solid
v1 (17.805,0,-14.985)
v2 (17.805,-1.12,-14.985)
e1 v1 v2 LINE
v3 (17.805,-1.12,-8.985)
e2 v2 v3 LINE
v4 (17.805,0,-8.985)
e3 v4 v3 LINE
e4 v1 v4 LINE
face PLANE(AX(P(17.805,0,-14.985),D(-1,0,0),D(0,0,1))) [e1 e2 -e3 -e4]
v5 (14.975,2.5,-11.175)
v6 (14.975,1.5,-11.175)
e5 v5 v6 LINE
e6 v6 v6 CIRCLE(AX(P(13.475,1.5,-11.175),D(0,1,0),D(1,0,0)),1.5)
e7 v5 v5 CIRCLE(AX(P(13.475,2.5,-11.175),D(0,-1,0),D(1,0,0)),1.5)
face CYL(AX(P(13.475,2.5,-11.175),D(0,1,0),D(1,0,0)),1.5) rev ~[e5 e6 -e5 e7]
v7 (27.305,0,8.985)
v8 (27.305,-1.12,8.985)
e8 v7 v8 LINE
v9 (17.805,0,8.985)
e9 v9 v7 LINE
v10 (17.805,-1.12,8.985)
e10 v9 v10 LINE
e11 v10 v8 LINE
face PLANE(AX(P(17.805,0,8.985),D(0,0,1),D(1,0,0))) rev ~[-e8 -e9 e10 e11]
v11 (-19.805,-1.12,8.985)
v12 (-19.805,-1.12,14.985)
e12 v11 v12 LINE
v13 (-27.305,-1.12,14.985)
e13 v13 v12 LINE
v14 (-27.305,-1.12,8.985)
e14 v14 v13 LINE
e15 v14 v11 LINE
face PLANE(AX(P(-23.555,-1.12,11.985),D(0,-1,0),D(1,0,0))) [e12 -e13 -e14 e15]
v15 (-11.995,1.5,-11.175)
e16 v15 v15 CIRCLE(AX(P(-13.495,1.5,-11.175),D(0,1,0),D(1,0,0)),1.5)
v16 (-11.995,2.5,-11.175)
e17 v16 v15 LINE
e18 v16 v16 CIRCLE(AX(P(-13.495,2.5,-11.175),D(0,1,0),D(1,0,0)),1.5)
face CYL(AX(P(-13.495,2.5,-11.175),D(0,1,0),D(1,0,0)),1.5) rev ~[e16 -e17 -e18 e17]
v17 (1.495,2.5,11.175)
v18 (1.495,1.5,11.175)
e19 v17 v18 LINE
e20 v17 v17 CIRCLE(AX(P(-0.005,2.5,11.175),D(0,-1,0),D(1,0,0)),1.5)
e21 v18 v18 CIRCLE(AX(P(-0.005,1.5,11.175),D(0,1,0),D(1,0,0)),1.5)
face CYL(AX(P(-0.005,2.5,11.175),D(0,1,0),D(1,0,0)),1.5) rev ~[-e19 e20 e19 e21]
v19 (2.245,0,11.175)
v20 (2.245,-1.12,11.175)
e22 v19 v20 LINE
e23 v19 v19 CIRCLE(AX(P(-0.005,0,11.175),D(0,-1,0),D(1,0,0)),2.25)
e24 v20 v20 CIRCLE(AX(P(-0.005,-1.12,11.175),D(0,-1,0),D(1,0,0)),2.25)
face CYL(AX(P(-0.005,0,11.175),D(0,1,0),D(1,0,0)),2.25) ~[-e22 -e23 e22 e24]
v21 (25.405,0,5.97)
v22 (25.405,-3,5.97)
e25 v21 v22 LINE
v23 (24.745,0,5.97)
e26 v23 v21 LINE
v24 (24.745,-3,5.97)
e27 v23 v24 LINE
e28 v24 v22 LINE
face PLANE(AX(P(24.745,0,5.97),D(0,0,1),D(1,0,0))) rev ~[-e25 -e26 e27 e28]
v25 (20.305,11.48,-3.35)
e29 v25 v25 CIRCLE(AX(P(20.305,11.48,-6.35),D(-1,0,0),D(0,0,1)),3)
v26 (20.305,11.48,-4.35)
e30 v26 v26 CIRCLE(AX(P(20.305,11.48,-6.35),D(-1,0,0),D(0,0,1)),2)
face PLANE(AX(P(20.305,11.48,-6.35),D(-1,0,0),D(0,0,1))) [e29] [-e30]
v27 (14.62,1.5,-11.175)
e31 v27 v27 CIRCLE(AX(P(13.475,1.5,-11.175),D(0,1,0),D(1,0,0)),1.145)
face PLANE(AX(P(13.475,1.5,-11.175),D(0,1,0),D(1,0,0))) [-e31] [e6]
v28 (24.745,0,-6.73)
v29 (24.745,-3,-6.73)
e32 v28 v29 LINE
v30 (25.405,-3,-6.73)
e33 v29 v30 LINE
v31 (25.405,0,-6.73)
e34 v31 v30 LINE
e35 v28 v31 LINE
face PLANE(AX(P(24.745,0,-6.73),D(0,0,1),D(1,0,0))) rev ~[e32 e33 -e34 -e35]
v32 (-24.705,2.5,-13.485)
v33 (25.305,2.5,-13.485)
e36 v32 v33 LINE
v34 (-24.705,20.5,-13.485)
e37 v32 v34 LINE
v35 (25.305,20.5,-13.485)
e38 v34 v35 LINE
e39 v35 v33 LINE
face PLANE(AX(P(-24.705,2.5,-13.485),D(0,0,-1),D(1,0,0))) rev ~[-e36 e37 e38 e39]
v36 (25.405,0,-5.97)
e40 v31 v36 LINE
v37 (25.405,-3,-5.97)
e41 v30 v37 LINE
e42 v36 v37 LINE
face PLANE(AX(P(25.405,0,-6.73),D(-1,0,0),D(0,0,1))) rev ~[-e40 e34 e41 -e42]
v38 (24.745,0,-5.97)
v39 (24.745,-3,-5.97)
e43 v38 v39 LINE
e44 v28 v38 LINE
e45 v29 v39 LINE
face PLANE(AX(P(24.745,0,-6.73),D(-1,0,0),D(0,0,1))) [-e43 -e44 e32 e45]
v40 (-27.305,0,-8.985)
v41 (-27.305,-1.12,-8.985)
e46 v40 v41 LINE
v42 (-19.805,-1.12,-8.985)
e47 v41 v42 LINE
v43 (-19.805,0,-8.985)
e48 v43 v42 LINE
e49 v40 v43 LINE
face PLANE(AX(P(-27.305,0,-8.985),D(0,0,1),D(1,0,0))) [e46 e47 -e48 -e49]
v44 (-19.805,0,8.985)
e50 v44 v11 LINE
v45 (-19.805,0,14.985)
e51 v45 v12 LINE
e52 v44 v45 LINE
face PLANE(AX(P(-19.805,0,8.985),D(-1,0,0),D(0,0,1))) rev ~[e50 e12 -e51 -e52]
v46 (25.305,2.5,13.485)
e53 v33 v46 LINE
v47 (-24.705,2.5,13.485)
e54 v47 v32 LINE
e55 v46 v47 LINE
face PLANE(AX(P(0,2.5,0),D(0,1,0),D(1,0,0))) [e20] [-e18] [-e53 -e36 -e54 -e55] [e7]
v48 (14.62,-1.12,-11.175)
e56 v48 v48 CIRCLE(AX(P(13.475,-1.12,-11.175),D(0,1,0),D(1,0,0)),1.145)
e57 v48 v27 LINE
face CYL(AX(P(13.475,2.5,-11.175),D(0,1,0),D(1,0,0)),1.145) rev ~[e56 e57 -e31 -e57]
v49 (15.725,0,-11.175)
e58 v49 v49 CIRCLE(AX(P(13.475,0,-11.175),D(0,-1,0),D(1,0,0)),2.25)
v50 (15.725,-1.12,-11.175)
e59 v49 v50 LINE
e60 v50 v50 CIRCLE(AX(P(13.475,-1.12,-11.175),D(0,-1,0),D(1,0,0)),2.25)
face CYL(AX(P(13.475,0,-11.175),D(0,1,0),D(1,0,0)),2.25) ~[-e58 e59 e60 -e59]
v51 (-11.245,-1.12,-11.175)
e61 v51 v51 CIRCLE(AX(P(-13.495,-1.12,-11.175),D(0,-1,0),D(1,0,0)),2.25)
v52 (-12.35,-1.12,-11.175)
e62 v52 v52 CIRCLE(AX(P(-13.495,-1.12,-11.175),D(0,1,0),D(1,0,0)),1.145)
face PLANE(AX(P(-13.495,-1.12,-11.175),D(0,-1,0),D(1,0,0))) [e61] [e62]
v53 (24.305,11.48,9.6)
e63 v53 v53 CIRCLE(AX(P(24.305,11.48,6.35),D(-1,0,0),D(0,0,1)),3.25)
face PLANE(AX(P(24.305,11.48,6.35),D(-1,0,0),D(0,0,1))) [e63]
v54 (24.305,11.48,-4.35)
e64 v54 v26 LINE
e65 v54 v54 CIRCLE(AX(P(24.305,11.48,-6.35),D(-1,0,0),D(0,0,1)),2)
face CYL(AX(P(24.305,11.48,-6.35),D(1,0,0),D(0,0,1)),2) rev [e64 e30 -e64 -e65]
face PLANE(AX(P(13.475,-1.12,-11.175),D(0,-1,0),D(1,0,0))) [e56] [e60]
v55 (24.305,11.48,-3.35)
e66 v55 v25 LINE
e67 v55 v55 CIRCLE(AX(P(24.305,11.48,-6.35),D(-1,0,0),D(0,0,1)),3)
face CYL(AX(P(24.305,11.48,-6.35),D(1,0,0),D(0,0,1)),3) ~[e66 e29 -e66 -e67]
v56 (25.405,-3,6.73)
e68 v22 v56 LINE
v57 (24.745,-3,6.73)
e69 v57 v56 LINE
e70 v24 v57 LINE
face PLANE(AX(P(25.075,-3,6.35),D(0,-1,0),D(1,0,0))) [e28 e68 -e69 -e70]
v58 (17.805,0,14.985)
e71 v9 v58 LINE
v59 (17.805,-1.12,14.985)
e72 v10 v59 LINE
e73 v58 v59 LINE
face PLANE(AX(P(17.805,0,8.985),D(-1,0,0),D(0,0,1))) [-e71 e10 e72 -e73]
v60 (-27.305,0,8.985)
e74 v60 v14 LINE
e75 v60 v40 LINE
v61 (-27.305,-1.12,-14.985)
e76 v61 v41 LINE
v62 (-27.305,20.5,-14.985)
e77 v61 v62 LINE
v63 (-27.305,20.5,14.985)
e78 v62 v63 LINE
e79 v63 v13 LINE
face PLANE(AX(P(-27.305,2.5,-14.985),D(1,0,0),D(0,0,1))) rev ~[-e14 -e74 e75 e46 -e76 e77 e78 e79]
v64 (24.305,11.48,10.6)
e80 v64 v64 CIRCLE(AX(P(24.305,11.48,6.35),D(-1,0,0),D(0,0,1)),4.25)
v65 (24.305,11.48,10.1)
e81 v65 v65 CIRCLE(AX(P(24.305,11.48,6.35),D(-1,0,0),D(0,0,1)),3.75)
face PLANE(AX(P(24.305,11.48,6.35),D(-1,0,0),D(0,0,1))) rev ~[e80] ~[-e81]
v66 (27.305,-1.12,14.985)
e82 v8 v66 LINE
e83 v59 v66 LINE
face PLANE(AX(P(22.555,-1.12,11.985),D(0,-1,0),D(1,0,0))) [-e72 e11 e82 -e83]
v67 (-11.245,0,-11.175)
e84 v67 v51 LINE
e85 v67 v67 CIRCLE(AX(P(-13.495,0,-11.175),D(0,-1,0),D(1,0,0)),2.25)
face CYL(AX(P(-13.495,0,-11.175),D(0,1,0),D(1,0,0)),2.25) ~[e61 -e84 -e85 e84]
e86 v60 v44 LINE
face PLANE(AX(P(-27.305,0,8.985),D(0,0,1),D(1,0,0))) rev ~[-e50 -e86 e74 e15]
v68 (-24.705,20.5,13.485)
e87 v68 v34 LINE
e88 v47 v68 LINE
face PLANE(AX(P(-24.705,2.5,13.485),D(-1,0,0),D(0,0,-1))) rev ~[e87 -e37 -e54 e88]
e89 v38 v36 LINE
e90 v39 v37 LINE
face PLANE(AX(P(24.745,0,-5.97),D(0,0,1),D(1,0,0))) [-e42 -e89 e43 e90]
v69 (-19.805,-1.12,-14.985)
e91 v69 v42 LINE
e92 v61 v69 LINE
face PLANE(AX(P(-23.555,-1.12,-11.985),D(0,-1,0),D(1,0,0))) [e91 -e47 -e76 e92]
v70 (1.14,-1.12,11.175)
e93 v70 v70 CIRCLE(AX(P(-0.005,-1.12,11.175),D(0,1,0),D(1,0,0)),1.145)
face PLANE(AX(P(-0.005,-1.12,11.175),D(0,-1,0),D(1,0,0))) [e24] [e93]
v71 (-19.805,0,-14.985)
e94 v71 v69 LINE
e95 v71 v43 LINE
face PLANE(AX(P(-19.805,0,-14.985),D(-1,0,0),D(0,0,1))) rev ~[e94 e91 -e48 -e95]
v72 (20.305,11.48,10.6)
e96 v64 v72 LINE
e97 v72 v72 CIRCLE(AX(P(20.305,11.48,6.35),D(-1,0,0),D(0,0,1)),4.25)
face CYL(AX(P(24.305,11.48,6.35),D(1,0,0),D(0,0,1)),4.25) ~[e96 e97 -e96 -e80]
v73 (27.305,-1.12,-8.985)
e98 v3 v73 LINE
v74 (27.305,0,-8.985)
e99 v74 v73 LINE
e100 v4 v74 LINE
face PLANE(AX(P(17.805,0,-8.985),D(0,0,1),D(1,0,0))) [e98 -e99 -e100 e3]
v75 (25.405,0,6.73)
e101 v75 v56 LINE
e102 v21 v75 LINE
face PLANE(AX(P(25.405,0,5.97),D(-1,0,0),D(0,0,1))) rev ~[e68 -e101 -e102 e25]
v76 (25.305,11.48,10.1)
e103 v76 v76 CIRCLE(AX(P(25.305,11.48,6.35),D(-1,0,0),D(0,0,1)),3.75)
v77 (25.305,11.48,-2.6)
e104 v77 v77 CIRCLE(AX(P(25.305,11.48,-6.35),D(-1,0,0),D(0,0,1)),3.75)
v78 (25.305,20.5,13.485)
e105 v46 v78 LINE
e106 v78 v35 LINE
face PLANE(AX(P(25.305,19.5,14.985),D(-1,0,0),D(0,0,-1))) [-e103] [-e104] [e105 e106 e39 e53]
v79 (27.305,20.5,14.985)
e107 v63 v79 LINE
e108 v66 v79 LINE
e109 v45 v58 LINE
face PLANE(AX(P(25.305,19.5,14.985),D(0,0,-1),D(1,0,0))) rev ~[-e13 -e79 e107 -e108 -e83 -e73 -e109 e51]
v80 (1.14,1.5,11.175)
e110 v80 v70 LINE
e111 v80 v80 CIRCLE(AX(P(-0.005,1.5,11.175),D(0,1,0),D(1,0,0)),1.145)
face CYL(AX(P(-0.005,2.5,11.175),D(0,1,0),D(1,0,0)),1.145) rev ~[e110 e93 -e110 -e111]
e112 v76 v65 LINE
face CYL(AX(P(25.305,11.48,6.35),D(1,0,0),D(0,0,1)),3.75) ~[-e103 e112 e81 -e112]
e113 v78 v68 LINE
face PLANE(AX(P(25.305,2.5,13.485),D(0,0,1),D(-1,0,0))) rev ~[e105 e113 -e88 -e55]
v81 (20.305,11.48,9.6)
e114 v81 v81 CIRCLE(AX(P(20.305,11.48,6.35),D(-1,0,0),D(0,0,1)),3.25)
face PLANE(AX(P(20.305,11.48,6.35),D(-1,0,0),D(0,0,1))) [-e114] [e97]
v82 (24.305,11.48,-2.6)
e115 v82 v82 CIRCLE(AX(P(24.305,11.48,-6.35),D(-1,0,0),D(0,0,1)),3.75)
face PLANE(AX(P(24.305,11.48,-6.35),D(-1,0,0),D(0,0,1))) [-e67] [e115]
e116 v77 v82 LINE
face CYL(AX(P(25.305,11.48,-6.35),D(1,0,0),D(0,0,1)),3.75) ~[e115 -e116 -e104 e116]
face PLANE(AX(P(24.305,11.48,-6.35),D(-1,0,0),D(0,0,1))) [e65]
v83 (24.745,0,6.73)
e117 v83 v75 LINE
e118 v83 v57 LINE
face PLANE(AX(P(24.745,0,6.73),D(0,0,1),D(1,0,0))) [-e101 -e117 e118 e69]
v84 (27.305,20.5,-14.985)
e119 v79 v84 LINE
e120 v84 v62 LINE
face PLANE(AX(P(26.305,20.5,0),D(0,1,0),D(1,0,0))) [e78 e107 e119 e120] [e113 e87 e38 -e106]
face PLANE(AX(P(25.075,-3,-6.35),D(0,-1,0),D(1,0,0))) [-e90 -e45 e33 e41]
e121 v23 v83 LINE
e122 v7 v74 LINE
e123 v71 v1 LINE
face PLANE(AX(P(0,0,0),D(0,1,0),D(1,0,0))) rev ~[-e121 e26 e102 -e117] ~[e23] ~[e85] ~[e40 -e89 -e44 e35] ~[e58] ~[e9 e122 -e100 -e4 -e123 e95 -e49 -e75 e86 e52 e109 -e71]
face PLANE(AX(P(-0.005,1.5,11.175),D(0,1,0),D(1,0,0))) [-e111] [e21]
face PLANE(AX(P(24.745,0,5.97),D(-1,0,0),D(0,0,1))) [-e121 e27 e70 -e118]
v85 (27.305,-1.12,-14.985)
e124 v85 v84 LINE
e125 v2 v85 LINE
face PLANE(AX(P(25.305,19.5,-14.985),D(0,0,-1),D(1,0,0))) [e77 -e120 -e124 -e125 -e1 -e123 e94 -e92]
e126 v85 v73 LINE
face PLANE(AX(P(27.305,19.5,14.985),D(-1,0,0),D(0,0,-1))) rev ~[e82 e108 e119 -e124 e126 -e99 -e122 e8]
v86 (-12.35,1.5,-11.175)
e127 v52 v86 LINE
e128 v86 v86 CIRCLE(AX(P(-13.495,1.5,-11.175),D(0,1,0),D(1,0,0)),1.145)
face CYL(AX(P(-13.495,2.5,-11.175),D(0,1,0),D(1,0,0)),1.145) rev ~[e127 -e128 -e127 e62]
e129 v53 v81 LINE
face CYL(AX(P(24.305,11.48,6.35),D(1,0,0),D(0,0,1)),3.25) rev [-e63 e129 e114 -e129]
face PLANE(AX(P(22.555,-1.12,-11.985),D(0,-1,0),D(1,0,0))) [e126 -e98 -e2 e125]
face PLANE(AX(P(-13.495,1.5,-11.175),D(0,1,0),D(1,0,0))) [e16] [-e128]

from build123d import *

# Parameters (mm, degrees)
SKETCH_1_W          = 54.61
SKETCH_1_H          = 29.97
EXTRUDE_1_DEPTH     = 2.5
EXTRUDE_2_DEPTH     = 17
CUT_EXTRUDE_1_DEPTH = 30.97
SKETCH_4_R          = 1.145
CUT_EXTRUDE_2_DEPTH = 3.5
SKETCH_5_R          = 2.25
SKETCH_5_W          = 7.5
SKETCH_5_H          = 6
SKETCH_5_W_2        = 9.5
EXTRUDE_3_DEPTH     = 1.12
SKETCH_6_R          = 1.145
CUT_EXTRUDE_3_DEPTH = 4.62
SKETCH_7_R          = 1.5
CUT_EXTRUDE_4_DEPTH = 1
SKETCH_9_W          = 0.66
SKETCH_9_H          = 0.76
EXTRUDE_5_DEPTH     = 3
SKETCH_10_R         = 3.75
EXTRUDE_6_DEPTH     = 1
SKETCH_11_R         = 3
SKETCH_11_R_2       = 2
EXTRUDE_7_DEPTH     = 4
SKETCH_12_R         = 4.25
SKETCH_12_R_2       = 3.25
EXTRUDE_8_DEPTH     = 4
SKETCH5_W           = 26
SKETCH5_H           = 4
CUT_EXTRUDE4_DEPTH  = 17
BOSS_EXTRUDE1_DEPTH = 18
SKETCH7_W           = 2
SKETCH7_H           = 29.97
BOSS_EXTRUDE2_DEPTH = 1


with BuildPart() as part:
    # Эскиз1 → Бобышка-Вытянуть1 (new body)
    with BuildSketch(Plane(origin=(0, 0, 0), x_dir=(1, 0, 0), z_dir=(0, 1, 0))):
        Rectangle(SKETCH_1_W, SKETCH_1_H)
    extrude(amount=EXTRUDE_1_DEPTH)

    # Эскиз2 → Бобышка-Вытянуть2 (add)
    with BuildSketch(Plane(origin=(0, 2.5, 0), x_dir=(1, 0, 0), z_dir=(0, 1, 0))):
        with BuildLine():
            Line((27.305, -14.985), (-0.695, -14.985))
            Line((-0.695, -14.985), (-0.695, -13.485))
            Line((-0.695, -13.485), (23.305, -13.485))
            ThreePointArc((23.305, -13.485), (24.719213562, -12.899213562), (25.305, -11.485))
            Line((25.305, -11.485), (25.305, 11.485))
            ThreePointArc((25.305, 11.485), (24.719213562, 12.899213562), (23.305, 13.485))
            Line((23.305, 13.485), (-0.695, 13.485))
            Line((-0.695, 13.485), (-0.695, 14.985))
            Line((-0.695, 14.985), (27.305, 14.985))
            Line((27.305, 14.985), (27.305, -14.985))
        make_face()
    extrude(amount=EXTRUDE_2_DEPTH)

    # Эскиз3 → Вырез-Вытянуть1 (cut, through all)
    with BuildSketch(Plane.XY.offset(14.985)):
        Polygon((-0.695, 2.5), (25.305, 19.5), (-0.695, 19.5), align=None)
    extrude(amount=-CUT_EXTRUDE_1_DEPTH, mode=Mode.SUBTRACT)

    # Эскиз4 → Вырез-Вытянуть2 (cut, through all)
    with BuildSketch(Plane(origin=(0, 2.5, 0), x_dir=(1, 0, 0), z_dir=(0, 1, 0))):
        with Locations((-13.495, 11.175)):
            Circle(SKETCH_4_R)
        with Locations((-0.005, -11.175)):
            Circle(SKETCH_4_R)
        with Locations((13.475, 11.175)):
            Circle(SKETCH_4_R)
    extrude(amount=-CUT_EXTRUDE_2_DEPTH, mode=Mode.SUBTRACT)

    # Эскиз5 → Бобышка-Вытянуть3 (add)
    with BuildSketch(Plane.XZ):
        with Locations((-0.005, 11.175)):
            Circle(SKETCH_5_R)
        with Locations((13.475, -11.175)):
            Circle(SKETCH_5_R)
        with Locations((-13.495, -11.175)):
            Circle(SKETCH_5_R)
        with Locations((-23.555, 11.985)):
            Rectangle(SKETCH_5_W, SKETCH_5_H)
        with Locations((22.555, 11.985)):
            Rectangle(SKETCH_5_W_2, SKETCH_5_H)
        with Locations((22.555, -11.985)):
            Rectangle(SKETCH_5_W_2, SKETCH_5_H)
        with Locations((-23.555, -11.985)):
            Rectangle(SKETCH_5_W, SKETCH_5_H)
    extrude(amount=EXTRUDE_3_DEPTH)

    # Эскиз6 → Вырез-Вытянуть3 (cut, through all)
    with BuildSketch(Plane(origin=(0, 2.5, 0), x_dir=(1, 0, 0), z_dir=(0, 1, 0))):
        with Locations((-13.495, 11.175)):
            Circle(SKETCH_6_R)
        with Locations((13.475, 11.175)):
            Circle(SKETCH_6_R)
        with Locations((-0.005, -11.175)):
            Circle(SKETCH_6_R)
    extrude(amount=-CUT_EXTRUDE_3_DEPTH, mode=Mode.SUBTRACT)

    # Эскиз7 → Вырез-Вытянуть4 (cut)
    with BuildSketch(Plane(origin=(0, 2.5, 0), x_dir=(1, 0, 0), z_dir=(0, 1, 0))):
        with Locations((-13.495, 11.175)):
            Circle(SKETCH_7_R)
        with Locations((13.475, 11.175)):
            Circle(SKETCH_7_R)
        with Locations((-0.005, -11.175)):
            Circle(SKETCH_7_R)
    extrude(amount=-CUT_EXTRUDE_4_DEPTH, mode=Mode.SUBTRACT)

    # Эскиз9 → Бобышка-Вытянуть5 (add)
    with BuildSketch(Plane.XZ):
        with Locations((25.075, 6.35)):
            Rectangle(SKETCH_9_W, SKETCH_9_H)
        with Locations((25.075, -6.35)):
            Rectangle(SKETCH_9_W, SKETCH_9_H)
    extrude(amount=EXTRUDE_5_DEPTH)

    # Эскиз10 → Бобышка-Вытянуть6 (add)
    with BuildSketch(Plane.ZY.offset(-25.305)):
        with Locations((-6.35, 11.48)):
            Circle(SKETCH_10_R)
        with Locations((6.35, 11.48)):
            Circle(SKETCH_10_R)
    extrude(amount=EXTRUDE_6_DEPTH)

    # Эскиз11 → Бобышка-Вытянуть7 (add)
    with BuildSketch(Plane.ZY.offset(-24.305)):
        with Locations((-6.35, 11.48)):
            Circle(SKETCH_11_R)
        with Locations((-6.35, 11.48)):
            Circle(SKETCH_11_R_2, mode=Mode.SUBTRACT)
    extrude(amount=EXTRUDE_7_DEPTH)

    # Эскиз12 → Бобышка-Вытянуть8 (add)
    with BuildSketch(Plane.ZY.offset(-24.305)):
        with Locations((6.35, 11.48)):
            Circle(SKETCH_12_R)
        with Locations((6.35, 11.48)):
            Circle(SKETCH_12_R_2, mode=Mode.SUBTRACT)
    extrude(amount=EXTRUDE_8_DEPTH)

    # Sketch5 → Cut-Extrude4 (cut)
    with BuildSketch(Plane(origin=(0, 19.5, 0), x_dir=(1, 0, 0), z_dir=(0, 1, 0))):
        with Locations((12.305, -12.985)):
            Rectangle(SKETCH5_W, SKETCH5_H)
        with Locations((12.305, 12.985)):
            Rectangle(SKETCH5_W, SKETCH5_H)
    extrude(amount=-CUT_EXTRUDE4_DEPTH, mode=Mode.SUBTRACT)

    # Sketch6 → Boss-Extrude1 (add)
    with BuildSketch(Plane(origin=(0, 2.5, 0), x_dir=(1, 0, 0), z_dir=(0, 1, 0))):
        Polygon((25.305, 13.485), (25.305, 14.985), (-27.305, 14.985), (-27.305, -14.985), (25.305, -14.985), (25.305, -13.485), (-24.705, -13.485), (-24.705, 13.485), align=None)
    extrude(amount=BOSS_EXTRUDE1_DEPTH)

    # Sketch7 → Boss-Extrude2 (add)
    with BuildSketch(Plane(origin=(0, 19.5, 0), x_dir=(1, 0, 0), z_dir=(0, 1, 0))):
        with Locations((26.305, 0)):
            Rectangle(SKETCH7_W, SKETCH7_H)
    extrude(amount=BOSS_EXTRUDE2_DEPTH)


solid = part.part
